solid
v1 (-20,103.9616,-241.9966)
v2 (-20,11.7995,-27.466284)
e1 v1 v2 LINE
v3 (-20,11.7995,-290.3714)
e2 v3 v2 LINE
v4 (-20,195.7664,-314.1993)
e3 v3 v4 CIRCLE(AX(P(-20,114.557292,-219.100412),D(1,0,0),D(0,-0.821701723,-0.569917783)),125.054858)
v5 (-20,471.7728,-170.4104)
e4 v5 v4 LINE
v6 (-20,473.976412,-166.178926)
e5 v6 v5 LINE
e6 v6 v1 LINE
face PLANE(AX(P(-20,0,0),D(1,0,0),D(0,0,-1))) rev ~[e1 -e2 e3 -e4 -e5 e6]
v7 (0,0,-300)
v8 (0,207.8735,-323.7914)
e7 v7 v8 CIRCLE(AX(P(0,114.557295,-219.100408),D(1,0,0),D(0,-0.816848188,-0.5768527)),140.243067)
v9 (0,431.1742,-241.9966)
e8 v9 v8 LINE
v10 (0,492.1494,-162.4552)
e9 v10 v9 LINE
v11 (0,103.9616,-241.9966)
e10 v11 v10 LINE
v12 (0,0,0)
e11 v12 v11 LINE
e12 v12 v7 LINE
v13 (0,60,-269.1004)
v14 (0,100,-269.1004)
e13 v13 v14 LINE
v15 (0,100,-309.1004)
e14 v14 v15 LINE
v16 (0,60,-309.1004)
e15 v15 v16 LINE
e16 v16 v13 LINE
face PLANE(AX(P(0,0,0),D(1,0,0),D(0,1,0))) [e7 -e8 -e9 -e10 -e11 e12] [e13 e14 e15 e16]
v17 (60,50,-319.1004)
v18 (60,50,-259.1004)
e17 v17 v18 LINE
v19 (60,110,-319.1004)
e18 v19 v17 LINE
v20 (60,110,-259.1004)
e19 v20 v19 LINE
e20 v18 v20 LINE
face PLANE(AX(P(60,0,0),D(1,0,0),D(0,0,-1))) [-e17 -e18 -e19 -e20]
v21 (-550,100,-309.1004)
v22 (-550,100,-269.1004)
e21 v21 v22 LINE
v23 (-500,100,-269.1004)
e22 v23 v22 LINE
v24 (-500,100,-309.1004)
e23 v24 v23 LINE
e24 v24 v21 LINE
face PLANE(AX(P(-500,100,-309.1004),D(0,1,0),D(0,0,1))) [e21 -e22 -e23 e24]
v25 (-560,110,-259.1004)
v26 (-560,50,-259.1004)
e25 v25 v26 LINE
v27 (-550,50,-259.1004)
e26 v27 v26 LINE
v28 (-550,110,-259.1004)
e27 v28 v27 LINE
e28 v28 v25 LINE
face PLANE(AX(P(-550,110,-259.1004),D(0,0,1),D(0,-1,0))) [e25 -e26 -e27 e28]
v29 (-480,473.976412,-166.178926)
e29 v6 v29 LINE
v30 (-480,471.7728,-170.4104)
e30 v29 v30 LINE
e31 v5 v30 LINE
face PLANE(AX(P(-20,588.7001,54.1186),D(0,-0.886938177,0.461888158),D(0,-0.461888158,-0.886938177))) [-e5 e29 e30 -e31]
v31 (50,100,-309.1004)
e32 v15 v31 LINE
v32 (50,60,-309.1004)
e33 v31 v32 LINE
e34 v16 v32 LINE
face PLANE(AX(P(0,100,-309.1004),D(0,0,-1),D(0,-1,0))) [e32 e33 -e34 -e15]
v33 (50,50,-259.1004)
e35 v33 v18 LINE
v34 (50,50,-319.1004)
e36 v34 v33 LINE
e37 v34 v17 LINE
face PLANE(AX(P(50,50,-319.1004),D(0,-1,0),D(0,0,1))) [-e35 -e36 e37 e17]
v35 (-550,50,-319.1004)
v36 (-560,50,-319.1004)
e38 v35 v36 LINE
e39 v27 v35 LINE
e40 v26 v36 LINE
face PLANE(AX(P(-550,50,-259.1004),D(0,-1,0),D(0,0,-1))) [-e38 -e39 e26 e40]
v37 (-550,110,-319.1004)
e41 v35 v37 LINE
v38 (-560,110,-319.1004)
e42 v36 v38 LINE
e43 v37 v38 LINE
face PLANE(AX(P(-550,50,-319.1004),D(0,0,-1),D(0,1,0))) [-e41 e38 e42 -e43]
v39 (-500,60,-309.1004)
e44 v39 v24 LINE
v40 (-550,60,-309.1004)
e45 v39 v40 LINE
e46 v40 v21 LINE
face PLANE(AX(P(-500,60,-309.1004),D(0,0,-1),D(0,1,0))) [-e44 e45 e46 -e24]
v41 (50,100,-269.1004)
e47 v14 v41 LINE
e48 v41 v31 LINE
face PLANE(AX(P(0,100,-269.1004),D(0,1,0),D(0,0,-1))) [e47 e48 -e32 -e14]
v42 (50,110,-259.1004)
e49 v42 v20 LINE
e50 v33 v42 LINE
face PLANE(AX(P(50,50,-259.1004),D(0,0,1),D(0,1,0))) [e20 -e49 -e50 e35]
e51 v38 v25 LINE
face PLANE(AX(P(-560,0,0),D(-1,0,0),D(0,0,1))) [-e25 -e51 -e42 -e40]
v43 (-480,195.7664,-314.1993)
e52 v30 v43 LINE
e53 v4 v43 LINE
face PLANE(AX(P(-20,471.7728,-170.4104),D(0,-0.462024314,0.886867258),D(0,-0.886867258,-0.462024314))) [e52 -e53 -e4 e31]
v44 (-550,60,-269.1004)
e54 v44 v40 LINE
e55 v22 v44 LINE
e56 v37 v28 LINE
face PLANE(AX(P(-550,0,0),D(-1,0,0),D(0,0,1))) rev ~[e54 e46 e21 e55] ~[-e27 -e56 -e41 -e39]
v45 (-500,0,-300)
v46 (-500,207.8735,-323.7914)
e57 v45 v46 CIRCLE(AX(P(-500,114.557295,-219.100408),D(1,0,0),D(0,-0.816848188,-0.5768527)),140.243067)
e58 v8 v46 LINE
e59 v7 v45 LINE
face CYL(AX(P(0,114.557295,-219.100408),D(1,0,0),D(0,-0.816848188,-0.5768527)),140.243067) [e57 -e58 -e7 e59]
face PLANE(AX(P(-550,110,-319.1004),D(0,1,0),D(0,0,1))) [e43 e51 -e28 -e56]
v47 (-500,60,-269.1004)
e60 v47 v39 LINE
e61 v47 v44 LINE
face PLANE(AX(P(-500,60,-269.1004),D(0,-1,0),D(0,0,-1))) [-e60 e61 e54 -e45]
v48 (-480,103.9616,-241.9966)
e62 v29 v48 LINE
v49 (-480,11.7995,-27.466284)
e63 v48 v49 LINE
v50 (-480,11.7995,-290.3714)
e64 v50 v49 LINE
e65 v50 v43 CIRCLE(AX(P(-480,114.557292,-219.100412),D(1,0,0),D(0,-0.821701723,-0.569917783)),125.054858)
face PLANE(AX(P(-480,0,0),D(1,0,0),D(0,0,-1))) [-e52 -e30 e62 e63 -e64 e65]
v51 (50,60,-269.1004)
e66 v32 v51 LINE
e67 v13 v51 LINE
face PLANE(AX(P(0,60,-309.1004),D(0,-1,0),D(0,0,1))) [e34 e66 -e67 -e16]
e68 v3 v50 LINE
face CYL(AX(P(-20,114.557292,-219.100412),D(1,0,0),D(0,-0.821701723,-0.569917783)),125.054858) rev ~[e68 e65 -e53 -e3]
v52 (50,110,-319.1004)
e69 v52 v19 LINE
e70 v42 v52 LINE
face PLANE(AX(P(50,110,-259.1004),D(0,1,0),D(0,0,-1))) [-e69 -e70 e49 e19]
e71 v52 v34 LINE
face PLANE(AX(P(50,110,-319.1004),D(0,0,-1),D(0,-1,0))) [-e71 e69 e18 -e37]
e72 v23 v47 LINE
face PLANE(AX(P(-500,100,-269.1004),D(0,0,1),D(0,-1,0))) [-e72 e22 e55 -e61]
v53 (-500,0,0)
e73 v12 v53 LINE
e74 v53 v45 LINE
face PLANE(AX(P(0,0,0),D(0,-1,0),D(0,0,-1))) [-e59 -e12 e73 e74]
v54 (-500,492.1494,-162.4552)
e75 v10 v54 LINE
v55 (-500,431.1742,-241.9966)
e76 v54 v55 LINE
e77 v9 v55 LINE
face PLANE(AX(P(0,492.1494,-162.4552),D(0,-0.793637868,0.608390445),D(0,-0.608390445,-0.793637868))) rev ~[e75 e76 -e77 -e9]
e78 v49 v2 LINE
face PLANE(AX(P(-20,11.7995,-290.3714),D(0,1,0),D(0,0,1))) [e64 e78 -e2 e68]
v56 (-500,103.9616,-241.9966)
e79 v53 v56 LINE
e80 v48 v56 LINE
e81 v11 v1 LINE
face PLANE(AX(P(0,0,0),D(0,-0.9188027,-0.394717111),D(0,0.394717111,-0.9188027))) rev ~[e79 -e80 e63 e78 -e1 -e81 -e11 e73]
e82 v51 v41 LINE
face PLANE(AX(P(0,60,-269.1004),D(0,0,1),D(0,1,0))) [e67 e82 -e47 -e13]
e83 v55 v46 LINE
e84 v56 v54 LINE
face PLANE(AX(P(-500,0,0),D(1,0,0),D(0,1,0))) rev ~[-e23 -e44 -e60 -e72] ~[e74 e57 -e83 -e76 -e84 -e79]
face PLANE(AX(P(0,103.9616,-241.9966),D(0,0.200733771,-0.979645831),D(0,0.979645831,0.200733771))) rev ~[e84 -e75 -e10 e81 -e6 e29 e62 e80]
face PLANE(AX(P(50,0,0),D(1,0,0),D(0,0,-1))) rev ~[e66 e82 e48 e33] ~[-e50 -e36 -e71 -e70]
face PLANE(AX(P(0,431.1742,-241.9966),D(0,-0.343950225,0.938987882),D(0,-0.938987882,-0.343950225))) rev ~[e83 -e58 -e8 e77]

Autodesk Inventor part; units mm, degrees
ref_plane "YZ Plane" through (0, 0, 0) normal (1, 0, 0) x (0, 1, 0)
ref_plane "XZ Plane" through (0, 0, 0) normal (0, 1, 0) x (-1, 0, 0)
sketch "Sketch1" plane through (0, 0, 0) normal (1, 0, 0) x (0, 1, 0)
  line L0 (0, 0) -> (0, -300)
  line L1 (0, 0) -> (103.9616, -241.9966)
  line L2 (431.1742, -241.9966) -> (207.8735, -323.7914)
  arc A0 (0, -300) -> (207.8735, -323.7914) centre (114.5573, -219.1004) ccw
  line L3 (103.9616, -241.9966) -> (492.1494, -162.4552)
  line L4 (492.1494, -162.4552) -> (431.1742, -241.9966)
  dimension "d5" = 300
extrude "Extrusion1" add sketch "Sketch1" against normal blind 500
ref_plane "Work Plane1" through (-20, 0, 0) normal (1, 0, 0) x (0, 0, -1)
sketch "Sketch2" plane through (-20, 0, 0) normal (1, 0, 0) x (0, 0, -1)
  line L0 (292.8468, 11.7995) -> (-65.8674, 11.7995)
  line L1 (170.4104, 471.7728) -> (314.1993, 195.7664)
  arc A0 (290.3714, 11.7995) -> (314.1993, 195.7664) centre (219.1004, 114.5573) ccw
  arc A1 (300, 0) -> (323.7914, 207.8735) centre (219.1004, 114.5573) ccw projected
  line L2 (-61.2921, 11.7995) -> (-54.1186, 588.7001)
  line L3 (-54.1186, 588.7001) -> (170.4104, 471.7728)
  point P0 (0, 0)
  dimension "d9" = 250.1097
extrude "Extrusion2" cut sketch "Sketch2" against normal blind 460
sketch "Sketch3" plane through (0, 0, 0) normal (1, 0, 0) x (0, 0, -1)
  line L0 (269.1004, 100) -> (309.1004, 100)
  line L1 (309.1004, 100) -> (309.1004, 60)
  line L2 (309.1004, 60) -> (269.1004, 60)
  line L3 (269.1004, 60) -> (269.1004, 100)
  line L4 (0, 0) -> (300, 0) projected
  arc A0 (300, 0) -> (323.7914, 207.8735) centre (219.1004, 114.5573) ccw projected
  dimension "d12" = 40
  dimension "d13" = 40
  dimension "d14" = 60
  dimension "d15" = 90
extrude "Extrusion3" add sketch "Sketch3" along normal blind 50
sketch "Sketch4" plane through (50, 0, 0) normal (1, 0, 0) x (0, 0, -1)
  line L0 (309.1004, 100) -> (269.1004, 100) projected
  line L1 (269.1004, 100) -> (269.1004, 60) projected
  line L2 (269.1004, 60) -> (309.1004, 60) projected
  line L3 (309.1004, 60) -> (309.1004, 100) projected
  line L4 (259.1004, 110) -> (319.1004, 110)
  line L5 (319.1004, 110) -> (319.1004, 50)
  line L6 (319.1004, 50) -> (259.1004, 50)
  line L7 (259.1004, 50) -> (259.1004, 110)
  point P0 (0, 0)
  dimension "d18" = 60
  dimension "d19" = 60
  dimension "d20" = 10
  dimension "d21" = 10
extrude "Extrusion4" add sketch "Sketch4" along normal blind 10 contours L3 L2 L1 L0 | L4 L5 L6 L7
sketch "Sketch5" plane through (-500, 0, 0) normal (-1, 0, 0) x (0, 0, 1)
  line L0 (-309.1004, 100) -> (-269.1004, 100)
  line L1 (-269.1004, 100) -> (-269.1004, 60)
  line L2 (-269.1004, 60) -> (-309.1004, 60)
  line L3 (-309.1004, 60) -> (-309.1004, 100)
  arc A0 (-323.7914, 207.8735) -> (-300, 0) centre (-219.1004, 114.5573) ccw projected
  line L4 (-300, 0) -> (0, 0) projected
  dimension "d24" = 40
  dimension "d25" = 40
  dimension "d26" = 90
  dimension "d27" = 60
extrude "Extrusion5" add sketch "Sketch5" along normal blind 50
sketch "Sketch6" plane through (-550, 0, 0) normal (-1, 0, 0) x (0, 0, 1)
  point P0 (0, 0)
sketch "Sketch7" plane through (-550, 0, 0) normal (-1, 0, 0) x (0, 0, 1)
  point P0 (0, 0)
sketch "Sketch8" plane through (-550, 0, 0) normal (-1, 0, 0) x (0, 0, 1)
  line L0 (-269.1004, 100) -> (-309.1004, 100) projected
  line L1 (-309.1004, 100) -> (-309.1004, 60) projected
  line L2 (-309.1004, 60) -> (-269.1004, 60) projected
  line L3 (-269.1004, 60) -> (-269.1004, 100) projected
  line L4 (-319.1004, 110) -> (-259.1004, 110)
  line L5 (-259.1004, 110) -> (-259.1004, 50)
  line L6 (-259.1004, 50) -> (-319.1004, 50)
  line L7 (-319.1004, 50) -> (-319.1004, 110)
  point P0 (0, 0)
  dimension "d30" = 60
  dimension "d31" = 60
  dimension "d33" = 10
  dimension "d34" = 10
extrude "Extrusion6" add sketch "Sketch8" along normal blind 10 contours L3 L2 L1 L0 | L4 L5 L6 L7
properties part number "hoe me"
